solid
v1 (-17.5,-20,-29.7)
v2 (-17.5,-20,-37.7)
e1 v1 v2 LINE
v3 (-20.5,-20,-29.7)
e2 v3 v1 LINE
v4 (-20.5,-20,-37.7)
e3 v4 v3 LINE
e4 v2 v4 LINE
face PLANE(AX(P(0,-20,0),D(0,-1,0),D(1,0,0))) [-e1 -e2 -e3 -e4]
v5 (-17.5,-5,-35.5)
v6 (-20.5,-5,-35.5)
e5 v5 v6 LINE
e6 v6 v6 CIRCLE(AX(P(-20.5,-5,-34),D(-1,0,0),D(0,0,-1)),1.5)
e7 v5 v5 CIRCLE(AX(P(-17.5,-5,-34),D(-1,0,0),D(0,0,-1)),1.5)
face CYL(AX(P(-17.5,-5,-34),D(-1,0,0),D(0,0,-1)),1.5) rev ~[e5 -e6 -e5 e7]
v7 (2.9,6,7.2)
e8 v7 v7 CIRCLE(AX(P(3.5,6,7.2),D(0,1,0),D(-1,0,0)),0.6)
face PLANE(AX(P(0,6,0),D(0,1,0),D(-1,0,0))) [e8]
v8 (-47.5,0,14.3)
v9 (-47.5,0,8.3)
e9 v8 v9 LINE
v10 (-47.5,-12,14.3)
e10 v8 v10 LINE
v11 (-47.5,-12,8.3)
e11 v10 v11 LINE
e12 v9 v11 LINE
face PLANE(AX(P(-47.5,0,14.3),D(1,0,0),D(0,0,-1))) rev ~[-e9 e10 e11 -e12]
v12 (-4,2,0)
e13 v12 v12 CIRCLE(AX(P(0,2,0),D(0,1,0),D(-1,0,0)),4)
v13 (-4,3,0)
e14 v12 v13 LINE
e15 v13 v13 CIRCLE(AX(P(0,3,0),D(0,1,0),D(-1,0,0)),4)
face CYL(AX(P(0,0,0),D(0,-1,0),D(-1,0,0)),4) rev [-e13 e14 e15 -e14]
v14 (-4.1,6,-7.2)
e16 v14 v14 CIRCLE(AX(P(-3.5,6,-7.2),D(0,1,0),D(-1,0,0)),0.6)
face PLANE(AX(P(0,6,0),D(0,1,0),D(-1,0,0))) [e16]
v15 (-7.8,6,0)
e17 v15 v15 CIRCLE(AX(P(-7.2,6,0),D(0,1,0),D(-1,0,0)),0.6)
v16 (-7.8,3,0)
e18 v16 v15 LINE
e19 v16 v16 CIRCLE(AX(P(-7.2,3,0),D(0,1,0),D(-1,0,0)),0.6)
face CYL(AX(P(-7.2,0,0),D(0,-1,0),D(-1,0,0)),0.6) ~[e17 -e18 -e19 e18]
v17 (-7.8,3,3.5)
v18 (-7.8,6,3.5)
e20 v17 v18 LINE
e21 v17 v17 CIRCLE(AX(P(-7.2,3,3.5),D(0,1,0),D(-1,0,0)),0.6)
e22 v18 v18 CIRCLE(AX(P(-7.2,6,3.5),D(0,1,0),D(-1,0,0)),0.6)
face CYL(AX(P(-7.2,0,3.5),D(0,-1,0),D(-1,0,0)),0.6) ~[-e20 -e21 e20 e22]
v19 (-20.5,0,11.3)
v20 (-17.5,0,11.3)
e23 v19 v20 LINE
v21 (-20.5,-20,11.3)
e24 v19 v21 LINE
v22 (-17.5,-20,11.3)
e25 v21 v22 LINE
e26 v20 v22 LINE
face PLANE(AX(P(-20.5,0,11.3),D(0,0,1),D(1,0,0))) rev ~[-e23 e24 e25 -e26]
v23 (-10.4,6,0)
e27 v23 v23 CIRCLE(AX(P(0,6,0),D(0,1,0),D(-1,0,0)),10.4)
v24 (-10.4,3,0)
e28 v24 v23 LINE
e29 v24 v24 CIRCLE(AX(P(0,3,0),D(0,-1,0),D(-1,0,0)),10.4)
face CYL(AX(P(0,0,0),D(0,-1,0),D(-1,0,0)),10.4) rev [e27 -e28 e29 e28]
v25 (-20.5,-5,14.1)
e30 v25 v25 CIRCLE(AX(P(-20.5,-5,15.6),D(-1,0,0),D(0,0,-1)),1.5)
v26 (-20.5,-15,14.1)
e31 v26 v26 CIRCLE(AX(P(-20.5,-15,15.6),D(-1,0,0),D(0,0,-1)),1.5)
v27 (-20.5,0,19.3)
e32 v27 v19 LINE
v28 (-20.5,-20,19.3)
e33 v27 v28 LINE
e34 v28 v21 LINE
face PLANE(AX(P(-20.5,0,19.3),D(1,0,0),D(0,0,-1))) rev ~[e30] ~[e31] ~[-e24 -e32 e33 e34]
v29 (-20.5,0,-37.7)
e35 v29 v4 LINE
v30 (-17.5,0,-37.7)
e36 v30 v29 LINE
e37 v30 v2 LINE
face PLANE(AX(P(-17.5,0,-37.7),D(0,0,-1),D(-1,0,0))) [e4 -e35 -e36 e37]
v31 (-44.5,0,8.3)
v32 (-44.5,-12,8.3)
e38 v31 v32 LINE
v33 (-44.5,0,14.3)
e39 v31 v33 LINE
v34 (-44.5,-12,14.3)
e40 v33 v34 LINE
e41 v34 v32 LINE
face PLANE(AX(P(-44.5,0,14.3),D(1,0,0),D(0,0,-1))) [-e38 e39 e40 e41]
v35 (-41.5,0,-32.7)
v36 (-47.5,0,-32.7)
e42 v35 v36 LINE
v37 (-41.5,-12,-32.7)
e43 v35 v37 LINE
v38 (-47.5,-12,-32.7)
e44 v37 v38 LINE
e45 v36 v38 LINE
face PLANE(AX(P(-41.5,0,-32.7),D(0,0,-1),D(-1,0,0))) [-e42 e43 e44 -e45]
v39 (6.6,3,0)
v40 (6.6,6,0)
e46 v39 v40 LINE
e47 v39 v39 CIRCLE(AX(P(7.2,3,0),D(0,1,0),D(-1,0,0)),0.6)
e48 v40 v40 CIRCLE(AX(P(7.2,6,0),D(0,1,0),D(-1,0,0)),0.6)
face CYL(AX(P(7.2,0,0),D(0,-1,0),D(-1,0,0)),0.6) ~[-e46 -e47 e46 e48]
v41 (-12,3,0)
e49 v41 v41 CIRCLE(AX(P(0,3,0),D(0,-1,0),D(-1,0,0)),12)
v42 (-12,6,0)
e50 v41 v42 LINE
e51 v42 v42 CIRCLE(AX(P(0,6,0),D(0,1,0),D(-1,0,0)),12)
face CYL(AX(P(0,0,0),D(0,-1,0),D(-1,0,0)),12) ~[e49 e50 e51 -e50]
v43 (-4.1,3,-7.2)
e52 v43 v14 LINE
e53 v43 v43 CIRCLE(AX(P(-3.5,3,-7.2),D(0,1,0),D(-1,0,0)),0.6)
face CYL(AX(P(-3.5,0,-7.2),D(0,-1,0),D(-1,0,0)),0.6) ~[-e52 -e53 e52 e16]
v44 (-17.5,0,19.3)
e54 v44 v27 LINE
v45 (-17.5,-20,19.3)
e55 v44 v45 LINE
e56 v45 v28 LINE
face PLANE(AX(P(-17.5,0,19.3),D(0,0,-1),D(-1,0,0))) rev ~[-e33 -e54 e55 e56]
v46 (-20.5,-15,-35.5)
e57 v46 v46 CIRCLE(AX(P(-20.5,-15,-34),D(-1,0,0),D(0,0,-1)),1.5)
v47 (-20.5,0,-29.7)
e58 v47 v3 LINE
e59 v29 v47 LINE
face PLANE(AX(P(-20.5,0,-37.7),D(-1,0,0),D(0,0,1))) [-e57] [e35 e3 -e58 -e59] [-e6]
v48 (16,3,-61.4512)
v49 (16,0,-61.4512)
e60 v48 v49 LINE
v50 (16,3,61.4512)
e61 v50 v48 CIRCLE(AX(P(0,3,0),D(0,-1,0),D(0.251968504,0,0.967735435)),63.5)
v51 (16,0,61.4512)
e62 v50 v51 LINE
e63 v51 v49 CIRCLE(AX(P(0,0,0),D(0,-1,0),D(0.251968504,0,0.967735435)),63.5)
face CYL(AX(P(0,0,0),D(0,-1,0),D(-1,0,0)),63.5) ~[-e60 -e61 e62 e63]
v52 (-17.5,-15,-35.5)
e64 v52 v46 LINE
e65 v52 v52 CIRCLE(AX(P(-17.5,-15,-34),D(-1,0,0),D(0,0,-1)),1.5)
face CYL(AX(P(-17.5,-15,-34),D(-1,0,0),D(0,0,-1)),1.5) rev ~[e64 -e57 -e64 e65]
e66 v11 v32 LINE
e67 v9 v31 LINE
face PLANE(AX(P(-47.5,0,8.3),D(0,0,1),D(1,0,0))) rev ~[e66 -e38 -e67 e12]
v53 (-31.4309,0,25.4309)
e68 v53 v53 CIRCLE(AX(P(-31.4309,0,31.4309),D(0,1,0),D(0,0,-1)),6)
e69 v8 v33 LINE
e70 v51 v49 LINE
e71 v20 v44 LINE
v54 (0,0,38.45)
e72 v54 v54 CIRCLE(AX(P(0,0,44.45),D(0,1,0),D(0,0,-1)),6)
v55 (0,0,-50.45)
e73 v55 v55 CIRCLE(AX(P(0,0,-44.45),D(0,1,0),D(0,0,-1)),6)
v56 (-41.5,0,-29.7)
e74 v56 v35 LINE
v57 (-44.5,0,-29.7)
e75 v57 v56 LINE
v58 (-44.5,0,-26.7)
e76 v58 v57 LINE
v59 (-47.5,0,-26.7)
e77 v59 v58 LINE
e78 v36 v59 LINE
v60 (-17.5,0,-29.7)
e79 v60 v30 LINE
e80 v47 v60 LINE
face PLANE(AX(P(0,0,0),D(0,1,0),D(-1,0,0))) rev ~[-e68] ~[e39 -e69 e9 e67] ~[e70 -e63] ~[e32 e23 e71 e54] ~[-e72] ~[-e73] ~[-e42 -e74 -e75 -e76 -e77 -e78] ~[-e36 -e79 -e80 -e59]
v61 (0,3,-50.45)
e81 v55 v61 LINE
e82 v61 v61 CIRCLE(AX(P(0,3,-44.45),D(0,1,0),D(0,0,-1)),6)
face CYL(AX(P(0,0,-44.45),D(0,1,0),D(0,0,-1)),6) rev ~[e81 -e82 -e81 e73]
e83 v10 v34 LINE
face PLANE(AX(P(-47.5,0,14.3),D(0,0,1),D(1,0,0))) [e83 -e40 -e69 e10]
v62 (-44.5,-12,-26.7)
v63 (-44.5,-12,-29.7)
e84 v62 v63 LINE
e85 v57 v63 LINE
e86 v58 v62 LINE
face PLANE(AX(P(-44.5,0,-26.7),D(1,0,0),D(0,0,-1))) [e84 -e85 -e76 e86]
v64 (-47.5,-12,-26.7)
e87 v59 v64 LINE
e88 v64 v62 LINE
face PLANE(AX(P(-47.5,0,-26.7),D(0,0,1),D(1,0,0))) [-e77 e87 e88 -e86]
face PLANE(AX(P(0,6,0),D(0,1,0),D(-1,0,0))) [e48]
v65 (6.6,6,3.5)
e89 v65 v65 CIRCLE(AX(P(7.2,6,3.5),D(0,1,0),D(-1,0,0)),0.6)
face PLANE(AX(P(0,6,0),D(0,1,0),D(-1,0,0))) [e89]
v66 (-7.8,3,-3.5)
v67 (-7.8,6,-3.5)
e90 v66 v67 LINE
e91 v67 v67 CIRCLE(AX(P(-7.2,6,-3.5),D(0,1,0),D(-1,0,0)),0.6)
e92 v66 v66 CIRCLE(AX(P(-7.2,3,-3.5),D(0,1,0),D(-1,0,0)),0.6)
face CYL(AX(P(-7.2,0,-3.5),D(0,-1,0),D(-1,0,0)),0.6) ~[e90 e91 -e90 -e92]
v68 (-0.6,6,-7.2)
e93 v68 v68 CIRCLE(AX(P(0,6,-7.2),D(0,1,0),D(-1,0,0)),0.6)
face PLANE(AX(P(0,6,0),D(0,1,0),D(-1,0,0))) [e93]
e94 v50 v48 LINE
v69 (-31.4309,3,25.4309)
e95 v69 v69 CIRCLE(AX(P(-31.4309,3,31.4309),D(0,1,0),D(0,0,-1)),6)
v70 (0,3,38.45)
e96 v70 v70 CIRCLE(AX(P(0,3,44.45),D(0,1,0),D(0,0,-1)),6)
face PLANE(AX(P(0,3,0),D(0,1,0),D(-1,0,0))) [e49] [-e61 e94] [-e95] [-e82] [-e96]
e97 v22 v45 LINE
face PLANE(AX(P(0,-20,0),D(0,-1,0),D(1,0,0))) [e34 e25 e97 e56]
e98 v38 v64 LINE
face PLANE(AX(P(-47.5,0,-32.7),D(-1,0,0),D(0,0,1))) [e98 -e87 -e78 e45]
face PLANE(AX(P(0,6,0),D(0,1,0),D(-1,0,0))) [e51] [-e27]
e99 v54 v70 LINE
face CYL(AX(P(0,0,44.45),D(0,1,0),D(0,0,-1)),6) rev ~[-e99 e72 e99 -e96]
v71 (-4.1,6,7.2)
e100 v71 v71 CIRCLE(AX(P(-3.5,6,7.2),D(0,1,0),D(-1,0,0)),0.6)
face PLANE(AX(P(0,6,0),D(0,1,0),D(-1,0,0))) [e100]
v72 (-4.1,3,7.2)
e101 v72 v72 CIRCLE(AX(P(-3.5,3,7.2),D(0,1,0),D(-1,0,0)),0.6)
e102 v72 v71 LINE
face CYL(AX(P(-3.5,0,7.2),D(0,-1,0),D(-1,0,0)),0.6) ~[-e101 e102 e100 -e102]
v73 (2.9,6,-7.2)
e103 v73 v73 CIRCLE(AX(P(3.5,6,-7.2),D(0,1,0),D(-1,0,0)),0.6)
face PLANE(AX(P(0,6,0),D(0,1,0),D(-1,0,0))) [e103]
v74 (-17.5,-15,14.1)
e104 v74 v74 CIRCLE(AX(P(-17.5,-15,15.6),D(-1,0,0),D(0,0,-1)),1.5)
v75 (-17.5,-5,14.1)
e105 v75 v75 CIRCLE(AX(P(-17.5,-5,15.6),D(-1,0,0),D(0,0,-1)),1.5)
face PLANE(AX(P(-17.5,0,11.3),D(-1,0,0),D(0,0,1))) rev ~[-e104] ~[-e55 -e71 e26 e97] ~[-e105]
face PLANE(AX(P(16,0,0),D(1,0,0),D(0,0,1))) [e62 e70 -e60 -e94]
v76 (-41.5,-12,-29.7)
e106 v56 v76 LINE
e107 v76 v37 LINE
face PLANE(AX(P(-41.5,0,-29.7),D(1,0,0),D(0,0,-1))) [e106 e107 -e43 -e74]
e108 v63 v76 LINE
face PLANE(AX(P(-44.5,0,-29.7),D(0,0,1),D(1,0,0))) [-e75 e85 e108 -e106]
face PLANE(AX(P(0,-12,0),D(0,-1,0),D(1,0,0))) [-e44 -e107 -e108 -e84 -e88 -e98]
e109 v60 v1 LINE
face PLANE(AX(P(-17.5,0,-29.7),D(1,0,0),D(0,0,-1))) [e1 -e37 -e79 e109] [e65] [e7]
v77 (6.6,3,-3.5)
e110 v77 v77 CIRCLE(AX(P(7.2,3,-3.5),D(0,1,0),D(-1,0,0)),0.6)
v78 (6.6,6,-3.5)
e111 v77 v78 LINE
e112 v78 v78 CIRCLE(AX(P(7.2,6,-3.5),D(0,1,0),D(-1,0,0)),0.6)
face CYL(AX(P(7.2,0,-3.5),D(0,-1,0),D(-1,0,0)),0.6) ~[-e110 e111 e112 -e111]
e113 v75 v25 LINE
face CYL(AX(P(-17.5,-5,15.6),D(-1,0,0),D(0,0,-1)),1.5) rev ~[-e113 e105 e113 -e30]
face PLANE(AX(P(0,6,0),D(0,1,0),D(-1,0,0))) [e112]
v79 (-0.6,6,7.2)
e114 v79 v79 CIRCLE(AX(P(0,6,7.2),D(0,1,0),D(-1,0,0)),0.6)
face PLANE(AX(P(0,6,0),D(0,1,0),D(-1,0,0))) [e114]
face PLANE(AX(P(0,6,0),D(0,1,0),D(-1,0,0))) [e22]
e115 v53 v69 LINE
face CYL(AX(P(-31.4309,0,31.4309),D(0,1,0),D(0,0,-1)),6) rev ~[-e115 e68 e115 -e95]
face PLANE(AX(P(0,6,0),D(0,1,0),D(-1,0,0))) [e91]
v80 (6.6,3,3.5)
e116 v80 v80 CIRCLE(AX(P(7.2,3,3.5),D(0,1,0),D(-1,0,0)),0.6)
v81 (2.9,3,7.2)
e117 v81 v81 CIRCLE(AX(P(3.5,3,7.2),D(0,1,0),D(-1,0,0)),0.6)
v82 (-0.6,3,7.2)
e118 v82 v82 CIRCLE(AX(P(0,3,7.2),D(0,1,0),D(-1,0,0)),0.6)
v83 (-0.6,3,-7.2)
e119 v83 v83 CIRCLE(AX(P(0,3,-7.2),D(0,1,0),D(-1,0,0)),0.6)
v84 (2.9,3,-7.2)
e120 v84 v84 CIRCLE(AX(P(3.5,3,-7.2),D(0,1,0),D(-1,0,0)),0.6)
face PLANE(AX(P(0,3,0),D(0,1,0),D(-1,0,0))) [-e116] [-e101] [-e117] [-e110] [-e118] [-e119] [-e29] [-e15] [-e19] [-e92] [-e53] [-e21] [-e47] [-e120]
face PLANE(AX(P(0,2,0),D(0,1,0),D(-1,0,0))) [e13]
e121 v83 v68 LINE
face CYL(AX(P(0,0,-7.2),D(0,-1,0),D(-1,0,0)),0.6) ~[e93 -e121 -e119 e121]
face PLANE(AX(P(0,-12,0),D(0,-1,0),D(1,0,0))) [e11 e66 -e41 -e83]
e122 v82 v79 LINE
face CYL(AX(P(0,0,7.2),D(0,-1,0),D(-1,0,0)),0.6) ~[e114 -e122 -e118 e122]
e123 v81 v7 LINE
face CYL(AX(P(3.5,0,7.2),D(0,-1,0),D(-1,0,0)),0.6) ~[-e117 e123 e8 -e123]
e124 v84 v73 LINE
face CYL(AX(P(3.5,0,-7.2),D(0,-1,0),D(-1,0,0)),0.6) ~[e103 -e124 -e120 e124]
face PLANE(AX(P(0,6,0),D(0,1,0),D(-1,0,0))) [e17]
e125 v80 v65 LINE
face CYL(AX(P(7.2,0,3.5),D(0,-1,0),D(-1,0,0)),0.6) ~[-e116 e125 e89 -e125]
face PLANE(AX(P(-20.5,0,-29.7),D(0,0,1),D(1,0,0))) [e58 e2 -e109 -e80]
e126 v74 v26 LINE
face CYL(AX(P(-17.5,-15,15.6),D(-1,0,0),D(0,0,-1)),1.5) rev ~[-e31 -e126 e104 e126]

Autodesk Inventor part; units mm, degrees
ref_plane "XZ Plane" through (0, 0, 0) normal (0, 1, 0) x (-1, 0, 0)
sketch "Sketch1" plane through (0, 0, 0) normal (0, 1, 0) x (-1, 0, 0)
  circle A0 centre (0, 0) radius 63.5
  circle A1 centre (0, -7.2) radius 0.6
  circle A2 centre (3.5, -7.2) radius 0.6
  circle A3 centre (-3.5, -7.2) radius 0.6
  circle A4 centre (7.2, 3.5) radius 0.6
  circle A5 centre (7.2, 0) radius 0.6
  circle A6 centre (7.2, -3.5) radius 0.6
  circle A7 centre (-3.5, 7.2) radius 0.6
  circle A8 centre (0, 7.2) radius 0.6
  circle A9 centre (3.5, 7.2) radius 0.6
  circle A10 centre (-7.2, -3.5) radius 0.6
  circle A11 centre (-7.2, 0) radius 0.6
  circle A12 centre (-7.2, 3.5) radius 0.6
  circle A13 centre (0, 0) radius 10.4
  circle A14 centre (0, 0) radius 12
  circle A15 centre (0, 0) radius 4
  dimension "d0" = 127
  dimension "d1" = 7.2
  dimension "d2" = 1.2
  dimension "d3" = 3.5
  dimension "d4" = 3.5
  dimension "d5" = 1.2
  dimension "d6" = 1.2
  dimension "d9" = 360
  dimension "d15" = 20.8
  dimension "d16" = 24
  dimension "d19" = 8
extrude "Extrusion1" add sketch "Sketch1" along normal blind 3 contours A0 | A13 | A14
extrude "Extrusion2" add sketch "Sketch1" along normal blind 6 contours A1 | A2 | A3 | A4 | A5 | A6 | A7 | A8 | A9 | A10 | A11 | A12
extrude "Extrusion3" add sketch "Sketch1" along normal blind 6 contours A14
extrude "Extrusion4" add sketch "Sketch1" along normal blind 2 contours A15
sketch "Sketch2" plane through (0, 0, 0) normal (0, -1, 0) x (1, 0, 0)
  line L0 (-17.5, 11.3) -> (-44.5, 11.3) construction
  line L1 (-44.5, 11.3) -> (-44.5, -29.7) construction
  line L2 (-44.5, -29.7) -> (-17.5, -29.7) construction
  line L3 (-17.5, -29.7) -> (-17.5, 11.3) construction
  line L4 (-47.5, 14.3) -> (-47.5, 8.3)
  line L5 (-47.5, 8.3) -> (-44.5, 8.3)
  line L6 (-44.5, 8.3) -> (-44.5, 11.3)
  line L7 (-17.5, 11.3) -> (-17.5, 19.3)
  line L8 (-17.5, 19.3) -> (-20.5, 19.3)
  line L9 (-20.5, 19.3) -> (-20.5, 11.3)
  line L10 (-20.5, 11.3) -> (-17.5, 11.3)
  line L11 (-44.5, -9.2) -> (-17.5, -9.2) construction
  line L12 (-17.5, -29.7) -> (-44.5, -29.7) construction
  line L13 (-44.5, -29.7) -> (-41.5, -29.7)
  line L14 (-41.5, -29.7) -> (-41.5, -32.7)
  line L15 (-41.5, -32.7) -> (-47.5, -32.7)
  line L16 (-47.5, -32.7) -> (-47.5, -26.7)
  line L17 (-47.5, -26.7) -> (-44.5, -26.7)
  line L18 (-44.5, -26.7) -> (-44.5, -29.7)
  line L19 (-17.5, -29.7) -> (-17.5, -37.7)
  line L20 (-17.5, -37.7) -> (-20.5, -37.7)
  line L21 (-20.5, -37.7) -> (-20.5, -29.7)
  line L22 (-20.5, -29.7) -> (-17.5, -29.7)
  line L23 (-47.5, 14.3) -> (-44.5, 14.3)
  line L24 (-44.5, 14.3) -> (-44.5, 11.3)
  point P0 (0, 0)
  point P1 (-41.5, 11.3)
  point P2 (-31, 0)
  dimension "d22" = 27
  dimension "d23" = 41
  dimension "d24" = 3
  dimension "d28" = 6
  dimension "d29" = 3
  dimension "d31" = 8
  dimension "d32" = 3
  dimension "d33" = 8
  dimension "d34" = 90
  dimension "d50" = 44.5
  dimension "d51" = 29.7
  dimension "d52" = 3
  dimension "d53" = 3
extrude "Extrusion5" add sketch "Sketch2" along normal blind 12 contours L23 L24 L6 L5 L4 | L13 L14 L15 L16 L17 L18
extrude "Extrusion6" add sketch "Sketch2" along normal blind 20 contours L10 L9 L8 L7 | L19 L20 L21 L22
ref_plane "Work Plane1" through (-17.5, 0, -9.2) normal (1, 0, 0) x (0, 0, -1)
sketch "Sketch3" plane through (-17.5, 0, -9.2) normal (1, 0, 0) x (0, 0, -1)
  line L0 (0, 0) -> (0, -20) construction
  line L1 (0, 0) -> (20, 0) construction
  line L2 (28.5, -20) -> (20.5, -20) projected
  line L3 (24.8, -20) -> (24.8, 0) construction
  line L4 (24.8, -10) -> (0, -10) construction
  point P0 (-9.2, 0)
  point P1 (0, 0)
  point P2 (24.8, -15)
  point P3 (24.8, -5)
  point P4 (-24.8, -15)
  point P5 (-24.8, -5)
  dimension "d39" = 20
  dimension "d40" = 90
  dimension "d41" = 24.8
  dimension "d42" = 10
hole "Hole1" at (-17.5, -15, 15.6) at (-17.5, -5, 15.6) at (-17.5, -5, -34) at (-17.5, -15, -34) direction (-1, 0, 0) diameter 3 depth 3
sketch "Sketch4" plane through (0, 0, 0) normal (0, -1, 0) x (1, 0, 0)
  point P0 (0, 0)
  point P1 (44.45, 0)
  point P2 (31.4309, 31.4309)
  point P3 (0, 44.45)
  point P4 (-31.4309, 31.4309)
  point P5 (-44.45, 0)
  point P6 (-31.4309, -31.4309)
  point P7 (0, -44.45)
  point P8 (31.4309, -31.4309)
  dimension "d56" = 360
hole "Hole2" at (-31.4309, 0, 31.4309) at (0, 0, 44.45) at (31.4309, 0, 31.4309) at (44.45, 0, 0) at (31.4309, 0, -31.4309) at (0, 0, -44.45) direction (0, 1, 0) diameter 12 end through all
ref_plane "Work Plane2" through (16, 0, 0) normal (1, 0, 0) x (0, 1, 0)
split "Split1" plane through (16, 0, 0) removes the side toward (1, 0, 0)
properties part number "pan_platform"
